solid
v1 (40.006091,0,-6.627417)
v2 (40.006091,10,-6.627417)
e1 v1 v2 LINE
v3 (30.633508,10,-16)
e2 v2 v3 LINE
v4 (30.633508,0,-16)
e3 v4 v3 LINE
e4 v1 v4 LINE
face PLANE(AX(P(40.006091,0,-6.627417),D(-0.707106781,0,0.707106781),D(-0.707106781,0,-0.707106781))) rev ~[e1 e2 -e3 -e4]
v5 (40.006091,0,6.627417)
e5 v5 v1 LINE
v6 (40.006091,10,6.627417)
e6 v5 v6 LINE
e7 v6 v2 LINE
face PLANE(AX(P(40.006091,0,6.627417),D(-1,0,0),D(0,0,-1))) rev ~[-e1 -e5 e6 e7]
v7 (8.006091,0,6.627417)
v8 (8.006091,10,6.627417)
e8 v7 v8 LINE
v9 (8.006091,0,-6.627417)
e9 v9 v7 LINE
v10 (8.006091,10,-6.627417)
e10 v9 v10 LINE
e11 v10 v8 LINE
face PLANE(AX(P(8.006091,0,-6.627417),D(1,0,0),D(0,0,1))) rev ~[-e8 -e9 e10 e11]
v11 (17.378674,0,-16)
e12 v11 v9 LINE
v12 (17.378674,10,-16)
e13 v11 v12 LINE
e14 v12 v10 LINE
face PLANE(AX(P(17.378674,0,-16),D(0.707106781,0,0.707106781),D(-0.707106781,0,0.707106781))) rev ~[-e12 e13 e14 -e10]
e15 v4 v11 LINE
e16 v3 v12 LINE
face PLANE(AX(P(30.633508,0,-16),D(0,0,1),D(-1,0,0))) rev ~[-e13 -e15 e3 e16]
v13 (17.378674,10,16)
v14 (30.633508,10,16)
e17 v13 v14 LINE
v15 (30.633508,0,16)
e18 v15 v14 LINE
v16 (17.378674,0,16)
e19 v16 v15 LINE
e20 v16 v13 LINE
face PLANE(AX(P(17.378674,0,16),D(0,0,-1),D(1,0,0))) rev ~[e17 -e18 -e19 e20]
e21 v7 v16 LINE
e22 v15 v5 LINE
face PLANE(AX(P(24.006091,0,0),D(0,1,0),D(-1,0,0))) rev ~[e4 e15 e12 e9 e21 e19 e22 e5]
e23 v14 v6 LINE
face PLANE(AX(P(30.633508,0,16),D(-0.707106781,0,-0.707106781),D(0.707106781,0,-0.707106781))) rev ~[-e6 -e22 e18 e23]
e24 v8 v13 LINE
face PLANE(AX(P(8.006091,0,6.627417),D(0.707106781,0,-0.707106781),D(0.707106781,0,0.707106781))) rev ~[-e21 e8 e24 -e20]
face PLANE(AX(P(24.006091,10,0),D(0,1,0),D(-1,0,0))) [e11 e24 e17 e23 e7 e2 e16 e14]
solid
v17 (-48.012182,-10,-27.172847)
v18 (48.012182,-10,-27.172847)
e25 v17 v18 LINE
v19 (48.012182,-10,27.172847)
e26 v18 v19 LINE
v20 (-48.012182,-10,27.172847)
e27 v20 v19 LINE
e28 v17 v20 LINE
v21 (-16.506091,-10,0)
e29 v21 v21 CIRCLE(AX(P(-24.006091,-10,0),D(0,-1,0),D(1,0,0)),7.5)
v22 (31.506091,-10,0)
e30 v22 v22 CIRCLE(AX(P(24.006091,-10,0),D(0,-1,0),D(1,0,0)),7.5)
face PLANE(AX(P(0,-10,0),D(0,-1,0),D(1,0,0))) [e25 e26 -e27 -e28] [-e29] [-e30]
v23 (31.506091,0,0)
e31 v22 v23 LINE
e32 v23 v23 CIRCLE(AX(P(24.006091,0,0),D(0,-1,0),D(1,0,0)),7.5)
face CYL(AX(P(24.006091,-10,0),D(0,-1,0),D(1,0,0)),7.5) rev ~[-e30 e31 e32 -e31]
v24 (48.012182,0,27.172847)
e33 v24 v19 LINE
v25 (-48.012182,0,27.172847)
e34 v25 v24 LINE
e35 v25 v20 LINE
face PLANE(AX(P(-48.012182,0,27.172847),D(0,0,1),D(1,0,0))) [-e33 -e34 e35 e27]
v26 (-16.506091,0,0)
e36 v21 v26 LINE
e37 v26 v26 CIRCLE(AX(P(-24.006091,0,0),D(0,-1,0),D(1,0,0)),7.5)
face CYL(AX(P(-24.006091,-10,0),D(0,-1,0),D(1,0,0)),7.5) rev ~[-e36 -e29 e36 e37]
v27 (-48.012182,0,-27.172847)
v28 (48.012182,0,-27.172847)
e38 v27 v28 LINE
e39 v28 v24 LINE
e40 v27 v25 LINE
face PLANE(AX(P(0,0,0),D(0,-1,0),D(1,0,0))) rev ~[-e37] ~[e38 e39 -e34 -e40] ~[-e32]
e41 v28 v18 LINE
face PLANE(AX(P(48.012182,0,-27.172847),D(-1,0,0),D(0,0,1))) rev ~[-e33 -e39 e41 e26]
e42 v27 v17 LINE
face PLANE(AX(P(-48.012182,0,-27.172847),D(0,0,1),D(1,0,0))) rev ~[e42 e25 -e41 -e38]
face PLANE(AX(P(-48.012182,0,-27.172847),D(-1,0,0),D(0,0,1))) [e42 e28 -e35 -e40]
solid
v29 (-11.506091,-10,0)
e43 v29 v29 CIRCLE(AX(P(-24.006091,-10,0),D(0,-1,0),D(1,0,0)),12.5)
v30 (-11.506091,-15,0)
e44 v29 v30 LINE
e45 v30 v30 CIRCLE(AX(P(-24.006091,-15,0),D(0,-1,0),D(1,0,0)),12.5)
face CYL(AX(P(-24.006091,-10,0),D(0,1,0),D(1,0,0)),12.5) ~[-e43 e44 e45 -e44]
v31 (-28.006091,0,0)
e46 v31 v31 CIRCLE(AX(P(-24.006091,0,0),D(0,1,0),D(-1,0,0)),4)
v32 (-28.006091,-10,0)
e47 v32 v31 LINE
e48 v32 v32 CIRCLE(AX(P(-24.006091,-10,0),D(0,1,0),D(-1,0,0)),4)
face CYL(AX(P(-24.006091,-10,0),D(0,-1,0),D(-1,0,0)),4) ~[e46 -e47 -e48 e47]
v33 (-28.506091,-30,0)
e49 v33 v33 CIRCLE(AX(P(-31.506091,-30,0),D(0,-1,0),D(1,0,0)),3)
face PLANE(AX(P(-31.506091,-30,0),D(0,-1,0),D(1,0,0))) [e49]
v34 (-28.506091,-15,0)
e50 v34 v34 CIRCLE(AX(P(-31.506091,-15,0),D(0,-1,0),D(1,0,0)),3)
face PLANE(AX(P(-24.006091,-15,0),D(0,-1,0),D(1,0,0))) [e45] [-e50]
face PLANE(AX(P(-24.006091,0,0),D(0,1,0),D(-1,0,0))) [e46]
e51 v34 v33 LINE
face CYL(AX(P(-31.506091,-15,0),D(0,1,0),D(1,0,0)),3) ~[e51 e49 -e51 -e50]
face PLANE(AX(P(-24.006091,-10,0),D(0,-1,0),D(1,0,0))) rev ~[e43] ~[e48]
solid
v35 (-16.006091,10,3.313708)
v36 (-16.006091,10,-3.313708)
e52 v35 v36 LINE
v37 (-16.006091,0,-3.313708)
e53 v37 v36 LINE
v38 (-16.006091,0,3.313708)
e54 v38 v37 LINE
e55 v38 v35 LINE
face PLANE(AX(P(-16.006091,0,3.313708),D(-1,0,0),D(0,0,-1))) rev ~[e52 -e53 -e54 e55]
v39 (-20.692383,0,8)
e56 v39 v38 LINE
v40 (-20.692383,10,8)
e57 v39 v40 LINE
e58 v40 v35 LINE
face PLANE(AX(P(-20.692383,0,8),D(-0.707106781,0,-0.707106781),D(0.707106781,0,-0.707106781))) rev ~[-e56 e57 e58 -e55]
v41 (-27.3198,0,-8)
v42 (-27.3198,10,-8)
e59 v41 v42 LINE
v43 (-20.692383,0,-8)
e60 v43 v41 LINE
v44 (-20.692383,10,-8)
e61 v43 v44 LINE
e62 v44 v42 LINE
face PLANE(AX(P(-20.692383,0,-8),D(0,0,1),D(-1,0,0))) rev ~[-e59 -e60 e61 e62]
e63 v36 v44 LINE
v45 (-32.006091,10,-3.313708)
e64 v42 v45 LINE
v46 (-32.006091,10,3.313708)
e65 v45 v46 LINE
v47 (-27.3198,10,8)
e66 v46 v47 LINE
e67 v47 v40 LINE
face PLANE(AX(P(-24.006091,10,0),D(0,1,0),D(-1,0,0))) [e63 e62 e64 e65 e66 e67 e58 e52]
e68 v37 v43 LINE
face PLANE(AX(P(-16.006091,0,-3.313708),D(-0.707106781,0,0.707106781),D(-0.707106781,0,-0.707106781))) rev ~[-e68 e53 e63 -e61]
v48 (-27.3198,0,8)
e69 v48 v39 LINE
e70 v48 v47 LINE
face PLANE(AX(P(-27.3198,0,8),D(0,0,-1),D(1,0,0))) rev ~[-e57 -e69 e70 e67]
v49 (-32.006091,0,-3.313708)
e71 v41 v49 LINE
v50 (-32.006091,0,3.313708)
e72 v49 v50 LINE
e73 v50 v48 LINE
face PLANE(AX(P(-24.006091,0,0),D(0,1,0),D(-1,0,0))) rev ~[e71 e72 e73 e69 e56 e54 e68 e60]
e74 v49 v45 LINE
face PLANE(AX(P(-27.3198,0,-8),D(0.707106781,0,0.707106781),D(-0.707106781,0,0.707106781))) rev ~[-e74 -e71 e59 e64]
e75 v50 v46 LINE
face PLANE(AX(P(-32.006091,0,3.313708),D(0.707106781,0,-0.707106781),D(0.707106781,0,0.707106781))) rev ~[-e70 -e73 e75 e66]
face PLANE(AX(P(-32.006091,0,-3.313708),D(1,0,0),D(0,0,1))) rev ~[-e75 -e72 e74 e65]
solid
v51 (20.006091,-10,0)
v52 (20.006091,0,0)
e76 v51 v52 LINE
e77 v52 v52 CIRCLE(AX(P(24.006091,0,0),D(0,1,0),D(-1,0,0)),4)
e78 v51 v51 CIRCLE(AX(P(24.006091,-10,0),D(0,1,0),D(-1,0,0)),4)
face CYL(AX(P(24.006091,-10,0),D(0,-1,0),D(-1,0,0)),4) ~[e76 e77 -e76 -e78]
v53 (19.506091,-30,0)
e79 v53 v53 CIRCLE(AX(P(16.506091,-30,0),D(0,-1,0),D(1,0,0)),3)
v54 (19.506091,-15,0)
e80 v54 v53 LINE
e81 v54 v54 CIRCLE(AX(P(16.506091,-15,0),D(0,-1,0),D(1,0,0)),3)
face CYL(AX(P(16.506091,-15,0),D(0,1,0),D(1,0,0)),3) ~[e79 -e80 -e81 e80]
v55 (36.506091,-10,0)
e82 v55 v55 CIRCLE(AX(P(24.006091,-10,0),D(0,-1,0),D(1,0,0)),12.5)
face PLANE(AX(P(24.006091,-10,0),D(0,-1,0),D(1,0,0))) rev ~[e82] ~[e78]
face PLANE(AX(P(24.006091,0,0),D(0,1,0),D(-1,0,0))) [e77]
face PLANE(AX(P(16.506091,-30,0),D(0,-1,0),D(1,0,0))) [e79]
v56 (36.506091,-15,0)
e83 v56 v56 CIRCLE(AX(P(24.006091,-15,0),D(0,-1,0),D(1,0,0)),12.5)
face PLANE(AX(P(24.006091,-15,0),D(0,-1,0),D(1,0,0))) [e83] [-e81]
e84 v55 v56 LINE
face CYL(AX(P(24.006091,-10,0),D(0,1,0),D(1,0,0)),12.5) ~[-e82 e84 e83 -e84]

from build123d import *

# Parameters (mm, degrees)
F0_W      = 96.024364233
F0_H      = 54.3456934392
F1_DEPTH  = 10
F2_R      = 7.5
F3_DEPTH  = 10
F4_R      = 12.5
F4_R_2    = 7.5
F5_DEPTH  = 5
F6_R      = 4
F7_DEPTH  = 10
F8_R      = 4
F9_DEPTH  = 10
F10_R     = 3
F11_DEPTH = 15


with BuildPart() as f1:
    # F0 (on Front) → F1 (new body)
    with BuildSketch(Plane.XZ):
        Rectangle(F0_W, F0_H)
    extrude(amount=F1_DEPTH)

    # F2 (on face) → F3 (cut, through all)
    with BuildSketch(Plane.XZ.offset(10)):
        with Locations((-24.0060910583, 0)):
            Circle(F2_R)
        with Locations((24.0060910583, 0)):
            Circle(F2_R)
    extrude(amount=-F3_DEPTH, mode=Mode.SUBTRACT)


with BuildPart() as f5:
    # F4 (on face) → F5 (new body)
    with BuildSketch(Plane.XZ.offset(10)):
        with Locations((-24.0060910583, 0)):
            Circle(F4_R)
        with Locations((-24.0060910583, 0)):
            Circle(F4_R_2, mode=Mode.SUBTRACT)
        with Locations((-24.0060910583, 0)):
            Circle(F4_R_2)
    extrude(amount=F5_DEPTH)

    # F6 (on face) → F7, piece 2 (join, through all)
    with BuildSketch(Plane(origin=(0, -10, 0), x_dir=(-1, 0, 0), z_dir=(0, 1, 0))):
        with Locations((24.0060910583, 0)):
            Circle(F6_R)
    extrude(amount=F7_DEPTH)

    # F10 (on face) → F11, piece 2 (join)
    with BuildSketch(Plane.XZ.offset(15)):
        with Locations((-31.5060910583, 0)):
            Circle(F10_R)
    extrude(amount=F11_DEPTH)


with BuildPart() as f5b:
    # F4 (on face) → F5, piece 2 (new body)
    with BuildSketch(Plane.XZ.offset(10)):
        with Locations((24.0060910583, 0)):
            Circle(F4_R)
        with Locations((24.0060910583, 0)):
            Circle(F4_R_2, mode=Mode.SUBTRACT)
        with Locations((24.0060910583, 0)):
            Circle(F4_R_2)
    extrude(amount=F5_DEPTH)

    # F6 (on face) → F7 (join, through all)
    with BuildSketch(Plane(origin=(0, -10, 0), x_dir=(-1, 0, 0), z_dir=(0, 1, 0))):
        with Locations((-24.0060910583, 0)):
            Circle(F6_R)
    extrude(amount=F7_DEPTH)

    # F10 (on face) → F11 (join)
    with BuildSketch(Plane.XZ.offset(15)):
        with Locations((16.5060910583, 0)):
            Circle(F10_R)
    extrude(amount=F11_DEPTH)


with BuildPart() as f9:
    # F8 (on face) → F9 (new body)
    with BuildSketch(Plane(origin=(0, 0, 0), x_dir=(-1, 0, 0), z_dir=(0, 1, 0))):
        Polygon((-8.0060910583, -6.627416998), (-8.0060910583, 6.627416998), (-17.3786740603, 16), (-30.6335080562, 16), (-40.0060910583, 6.627416998), (-40.0060910583, -6.627416998), (-30.6335080562, -16), (-17.3786740603, -16), align=None)
        with Locations((-24.0060910583, 0)):
            Circle(F8_R, mode=Mode.SUBTRACT)
        with Locations((-24.0060910583, 0)):
            Circle(F8_R)
    extrude(amount=F9_DEPTH)


with BuildPart() as f9b:
    # F8 (on face) → F9, piece 2 (new body)
    with BuildSketch(Plane(origin=(0, 0, 0), x_dir=(-1, 0, 0), z_dir=(0, 1, 0))):
        Polygon((27.3197995572, 8), (20.6923825593, 8), (16.0060910583, 3.313708499), (16.0060910583, -3.313708499), (20.6923825593, -8), (27.3197995572, -8), (32.0060910583, -3.313708499), (32.0060910583, 3.313708499), align=None)
    extrude(amount=F9_DEPTH)


solid = Compound([f1.part, f5.part, f5b.part, f9.part, f9b.part])
